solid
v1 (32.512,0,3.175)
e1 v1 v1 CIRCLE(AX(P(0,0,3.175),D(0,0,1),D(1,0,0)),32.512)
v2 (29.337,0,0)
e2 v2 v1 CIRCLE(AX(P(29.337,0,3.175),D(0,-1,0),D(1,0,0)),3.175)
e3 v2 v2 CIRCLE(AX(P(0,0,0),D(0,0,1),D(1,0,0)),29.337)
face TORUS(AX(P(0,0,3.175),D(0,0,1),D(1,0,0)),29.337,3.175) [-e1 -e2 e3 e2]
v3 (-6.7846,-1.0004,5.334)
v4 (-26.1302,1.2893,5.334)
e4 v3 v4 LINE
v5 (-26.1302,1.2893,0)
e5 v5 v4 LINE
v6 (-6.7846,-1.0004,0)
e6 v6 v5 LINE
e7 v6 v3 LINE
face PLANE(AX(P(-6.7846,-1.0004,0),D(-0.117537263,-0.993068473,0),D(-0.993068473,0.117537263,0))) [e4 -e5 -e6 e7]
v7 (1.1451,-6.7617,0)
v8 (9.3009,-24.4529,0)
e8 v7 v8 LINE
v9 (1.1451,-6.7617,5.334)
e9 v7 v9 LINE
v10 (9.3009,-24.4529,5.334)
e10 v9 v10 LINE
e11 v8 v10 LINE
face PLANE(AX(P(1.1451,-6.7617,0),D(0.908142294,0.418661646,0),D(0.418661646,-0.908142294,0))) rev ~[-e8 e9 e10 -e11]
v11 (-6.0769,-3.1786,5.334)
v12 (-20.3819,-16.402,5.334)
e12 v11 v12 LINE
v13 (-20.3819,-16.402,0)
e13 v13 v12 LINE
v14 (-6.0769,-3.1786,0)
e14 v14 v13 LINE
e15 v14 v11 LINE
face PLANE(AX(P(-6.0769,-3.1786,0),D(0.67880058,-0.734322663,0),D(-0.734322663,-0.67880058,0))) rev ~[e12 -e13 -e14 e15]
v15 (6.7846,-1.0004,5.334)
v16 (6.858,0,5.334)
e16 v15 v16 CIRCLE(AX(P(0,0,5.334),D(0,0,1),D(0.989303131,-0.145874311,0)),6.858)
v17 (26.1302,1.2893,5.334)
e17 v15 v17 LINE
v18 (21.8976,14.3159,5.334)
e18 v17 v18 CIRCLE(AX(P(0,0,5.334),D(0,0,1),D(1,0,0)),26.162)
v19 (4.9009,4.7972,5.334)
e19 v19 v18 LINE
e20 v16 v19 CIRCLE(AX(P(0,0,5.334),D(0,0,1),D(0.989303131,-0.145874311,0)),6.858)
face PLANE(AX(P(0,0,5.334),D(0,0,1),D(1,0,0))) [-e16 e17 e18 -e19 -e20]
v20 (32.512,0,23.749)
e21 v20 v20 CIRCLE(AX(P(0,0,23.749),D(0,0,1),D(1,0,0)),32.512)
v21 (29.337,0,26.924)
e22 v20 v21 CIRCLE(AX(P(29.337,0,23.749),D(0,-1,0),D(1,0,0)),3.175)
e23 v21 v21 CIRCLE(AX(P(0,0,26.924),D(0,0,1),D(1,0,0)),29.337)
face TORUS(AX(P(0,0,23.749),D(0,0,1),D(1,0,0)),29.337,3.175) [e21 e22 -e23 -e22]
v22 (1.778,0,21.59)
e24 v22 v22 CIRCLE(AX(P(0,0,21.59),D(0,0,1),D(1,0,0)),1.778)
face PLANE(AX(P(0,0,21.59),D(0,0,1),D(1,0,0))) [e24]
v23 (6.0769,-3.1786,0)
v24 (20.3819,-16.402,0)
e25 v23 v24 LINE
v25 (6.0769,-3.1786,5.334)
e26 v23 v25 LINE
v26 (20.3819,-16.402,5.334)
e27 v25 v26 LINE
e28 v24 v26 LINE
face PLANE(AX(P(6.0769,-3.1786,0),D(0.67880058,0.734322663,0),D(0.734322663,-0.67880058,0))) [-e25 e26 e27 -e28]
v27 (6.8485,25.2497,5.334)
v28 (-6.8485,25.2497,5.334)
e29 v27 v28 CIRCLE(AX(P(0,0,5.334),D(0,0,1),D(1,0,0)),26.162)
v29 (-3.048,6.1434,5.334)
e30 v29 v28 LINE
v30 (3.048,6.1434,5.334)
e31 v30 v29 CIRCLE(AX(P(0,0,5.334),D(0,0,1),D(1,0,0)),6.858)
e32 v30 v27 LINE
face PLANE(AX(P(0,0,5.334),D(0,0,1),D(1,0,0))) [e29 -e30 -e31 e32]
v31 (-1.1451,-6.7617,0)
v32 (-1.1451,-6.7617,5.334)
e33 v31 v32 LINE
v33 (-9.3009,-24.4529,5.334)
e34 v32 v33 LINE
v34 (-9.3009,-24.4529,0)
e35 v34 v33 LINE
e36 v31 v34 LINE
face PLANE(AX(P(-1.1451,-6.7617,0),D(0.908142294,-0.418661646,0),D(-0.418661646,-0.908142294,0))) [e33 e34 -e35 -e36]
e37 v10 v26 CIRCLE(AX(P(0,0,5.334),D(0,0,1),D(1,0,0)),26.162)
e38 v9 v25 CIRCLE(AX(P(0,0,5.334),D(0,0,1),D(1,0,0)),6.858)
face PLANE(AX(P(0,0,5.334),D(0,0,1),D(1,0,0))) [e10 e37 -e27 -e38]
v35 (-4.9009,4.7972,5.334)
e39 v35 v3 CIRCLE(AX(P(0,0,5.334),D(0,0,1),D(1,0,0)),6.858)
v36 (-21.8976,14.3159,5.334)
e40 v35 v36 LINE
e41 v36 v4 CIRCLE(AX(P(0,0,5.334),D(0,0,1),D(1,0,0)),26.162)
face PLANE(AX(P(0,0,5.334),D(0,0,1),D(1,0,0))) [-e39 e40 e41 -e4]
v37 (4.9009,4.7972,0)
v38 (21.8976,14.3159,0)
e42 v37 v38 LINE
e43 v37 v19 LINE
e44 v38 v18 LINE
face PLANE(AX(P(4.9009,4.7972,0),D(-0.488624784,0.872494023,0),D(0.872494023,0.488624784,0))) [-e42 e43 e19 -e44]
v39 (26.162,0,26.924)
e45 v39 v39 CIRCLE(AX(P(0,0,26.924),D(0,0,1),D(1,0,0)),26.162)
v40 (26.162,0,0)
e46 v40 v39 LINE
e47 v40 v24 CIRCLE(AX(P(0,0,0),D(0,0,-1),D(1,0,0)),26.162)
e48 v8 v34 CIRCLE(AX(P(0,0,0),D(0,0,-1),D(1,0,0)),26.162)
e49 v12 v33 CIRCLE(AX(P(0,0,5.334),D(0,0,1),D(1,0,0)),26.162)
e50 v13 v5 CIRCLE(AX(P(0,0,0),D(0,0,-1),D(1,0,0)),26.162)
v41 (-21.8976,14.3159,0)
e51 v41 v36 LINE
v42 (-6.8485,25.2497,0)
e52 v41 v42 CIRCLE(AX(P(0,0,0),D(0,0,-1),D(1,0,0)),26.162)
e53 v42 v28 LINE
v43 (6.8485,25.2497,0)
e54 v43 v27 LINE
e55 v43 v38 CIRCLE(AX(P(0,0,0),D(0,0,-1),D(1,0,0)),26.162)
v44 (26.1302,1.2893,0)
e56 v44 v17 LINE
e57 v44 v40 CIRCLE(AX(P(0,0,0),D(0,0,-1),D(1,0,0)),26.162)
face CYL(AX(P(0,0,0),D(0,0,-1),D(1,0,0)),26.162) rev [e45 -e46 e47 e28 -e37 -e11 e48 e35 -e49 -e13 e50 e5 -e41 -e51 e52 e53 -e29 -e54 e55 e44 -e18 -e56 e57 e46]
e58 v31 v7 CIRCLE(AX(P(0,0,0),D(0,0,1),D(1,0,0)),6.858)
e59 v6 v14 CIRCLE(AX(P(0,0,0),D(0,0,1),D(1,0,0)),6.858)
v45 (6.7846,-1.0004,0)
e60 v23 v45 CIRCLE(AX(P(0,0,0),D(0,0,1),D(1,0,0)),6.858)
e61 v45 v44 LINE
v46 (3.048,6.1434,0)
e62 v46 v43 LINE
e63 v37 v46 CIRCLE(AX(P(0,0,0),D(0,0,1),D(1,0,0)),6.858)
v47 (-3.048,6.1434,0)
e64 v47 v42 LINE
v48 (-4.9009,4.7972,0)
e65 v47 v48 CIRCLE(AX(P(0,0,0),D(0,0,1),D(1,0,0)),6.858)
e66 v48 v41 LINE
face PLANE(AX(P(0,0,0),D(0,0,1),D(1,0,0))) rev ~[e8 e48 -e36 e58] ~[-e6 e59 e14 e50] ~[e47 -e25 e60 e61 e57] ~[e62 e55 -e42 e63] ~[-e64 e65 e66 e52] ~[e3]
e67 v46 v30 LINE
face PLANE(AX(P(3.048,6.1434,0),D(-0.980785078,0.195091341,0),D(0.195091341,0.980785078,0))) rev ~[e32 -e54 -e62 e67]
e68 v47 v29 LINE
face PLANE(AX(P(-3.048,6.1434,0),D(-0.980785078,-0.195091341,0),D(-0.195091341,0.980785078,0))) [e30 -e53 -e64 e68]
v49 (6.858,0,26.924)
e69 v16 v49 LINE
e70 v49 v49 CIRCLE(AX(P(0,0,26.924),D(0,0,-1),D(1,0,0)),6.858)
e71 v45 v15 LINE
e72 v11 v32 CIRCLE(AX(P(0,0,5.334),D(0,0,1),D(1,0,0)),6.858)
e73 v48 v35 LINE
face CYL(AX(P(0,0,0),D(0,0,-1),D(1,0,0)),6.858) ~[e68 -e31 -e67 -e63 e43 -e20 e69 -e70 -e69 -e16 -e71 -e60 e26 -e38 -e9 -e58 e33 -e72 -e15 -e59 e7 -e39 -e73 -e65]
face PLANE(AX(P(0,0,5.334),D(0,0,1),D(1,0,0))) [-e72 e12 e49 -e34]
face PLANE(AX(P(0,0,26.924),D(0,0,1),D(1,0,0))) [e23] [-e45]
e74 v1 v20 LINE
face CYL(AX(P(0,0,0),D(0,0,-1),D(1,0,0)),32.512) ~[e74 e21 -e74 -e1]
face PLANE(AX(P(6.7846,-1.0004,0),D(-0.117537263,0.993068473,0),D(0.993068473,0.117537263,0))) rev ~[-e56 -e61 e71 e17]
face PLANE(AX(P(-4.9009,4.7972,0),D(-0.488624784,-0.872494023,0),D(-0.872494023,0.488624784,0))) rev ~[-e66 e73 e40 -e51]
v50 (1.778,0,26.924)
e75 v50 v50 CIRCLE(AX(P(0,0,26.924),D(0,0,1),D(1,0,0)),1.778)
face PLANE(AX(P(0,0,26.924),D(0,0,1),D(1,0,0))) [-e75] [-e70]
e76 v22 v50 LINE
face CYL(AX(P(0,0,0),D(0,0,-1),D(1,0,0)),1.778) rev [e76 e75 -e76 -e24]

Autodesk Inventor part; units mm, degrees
ref_plane "YZ Plane" through (0, 0, 0) normal (1, 0, 0) x (0, 1, 0)
ref_plane "XZ Plane" through (0, 0, 0) normal (0, 1, 0) x (-1, 0, 0)
ref_plane "XY Plane" through (0, 0, 0) normal (0, 0, 1) x (1, 0, 0)
sketch "Sketch1" plane through (0, 0, 0) normal (0, 0, 1) x (1, 0, 0)
  circle A0 centre (0, 0) radius 1.778
  circle A1 centre (0, 0) radius 32.512
  circle A2 centre (0, 0) radius 26.162
  circle A3 centre (0, 0) radius 6.858
  line L0 (-3.048, 6.1434) -> (-6.8485, 25.2497)
  line L1 (3.048, 6.1434) -> (6.8485, 25.2497)
  arc A4 (6.8485, 25.2497) -> (-6.8485, 25.2497) centre (0, 0) ccw construction
  line L2 (-6.7846, -1.0004) -> (-26.1302, 1.2893)
  circle A5 centre (0, 0) radius 26.162
  line L3 (-4.9009, 4.7972) -> (-21.8976, 14.3159)
  circle A6 centre (0, 0) radius 6.858
  line L4 (-1.1451, -6.7617) -> (-9.3009, -24.4529)
  circle A7 centre (0, 0) radius 26.162
  line L5 (-6.0769, -3.1786) -> (-20.3819, -16.402)
  circle A8 centre (0, 0) radius 6.858
  line L6 (6.0769, -3.1786) -> (20.3819, -16.402)
  circle A9 centre (0, 0) radius 26.162
  line L7 (1.1451, -6.7617) -> (9.3009, -24.4529)
  circle A10 centre (0, 0) radius 6.858
  line L8 (4.9009, 4.7972) -> (21.8976, 14.3159)
  circle A11 centre (0, 0) radius 26.162
  line L9 (6.7846, -1.0004) -> (26.1302, 1.2893)
  circle A12 centre (0, 0) radius 6.858
  dimension "d1" = 65.024
  dimension "d2" = 3.556
  dimension "d3" = 13.716
  dimension "d4" = 6.35
  dimension "d5" = 22.5
  dimension "d7" = 3.048
  dimension "d10" = 360
extrude "Extrusion1" add sketch "Sketch1" along normal blind 26.924 contours A1 | A3
extrude "Extrusion2" add sketch "Sketch1" along normal blind 21.59 contours A0
extrude "Extrusion3" add sketch "Sketch1" along normal blind 5.334 contours L9 A3 L8 A2 | A2 L7 A3 L6 | L1 A3 L0 A2 | A2 L5 A3 L4 | L3 A3 L2 A2
fillet "Fillet1" radius 3.175 2 edges at (-32.512, 0, 26.924) (-32.512, 0, 0)
properties part number "OGWheel" material "ABS Plastic"
